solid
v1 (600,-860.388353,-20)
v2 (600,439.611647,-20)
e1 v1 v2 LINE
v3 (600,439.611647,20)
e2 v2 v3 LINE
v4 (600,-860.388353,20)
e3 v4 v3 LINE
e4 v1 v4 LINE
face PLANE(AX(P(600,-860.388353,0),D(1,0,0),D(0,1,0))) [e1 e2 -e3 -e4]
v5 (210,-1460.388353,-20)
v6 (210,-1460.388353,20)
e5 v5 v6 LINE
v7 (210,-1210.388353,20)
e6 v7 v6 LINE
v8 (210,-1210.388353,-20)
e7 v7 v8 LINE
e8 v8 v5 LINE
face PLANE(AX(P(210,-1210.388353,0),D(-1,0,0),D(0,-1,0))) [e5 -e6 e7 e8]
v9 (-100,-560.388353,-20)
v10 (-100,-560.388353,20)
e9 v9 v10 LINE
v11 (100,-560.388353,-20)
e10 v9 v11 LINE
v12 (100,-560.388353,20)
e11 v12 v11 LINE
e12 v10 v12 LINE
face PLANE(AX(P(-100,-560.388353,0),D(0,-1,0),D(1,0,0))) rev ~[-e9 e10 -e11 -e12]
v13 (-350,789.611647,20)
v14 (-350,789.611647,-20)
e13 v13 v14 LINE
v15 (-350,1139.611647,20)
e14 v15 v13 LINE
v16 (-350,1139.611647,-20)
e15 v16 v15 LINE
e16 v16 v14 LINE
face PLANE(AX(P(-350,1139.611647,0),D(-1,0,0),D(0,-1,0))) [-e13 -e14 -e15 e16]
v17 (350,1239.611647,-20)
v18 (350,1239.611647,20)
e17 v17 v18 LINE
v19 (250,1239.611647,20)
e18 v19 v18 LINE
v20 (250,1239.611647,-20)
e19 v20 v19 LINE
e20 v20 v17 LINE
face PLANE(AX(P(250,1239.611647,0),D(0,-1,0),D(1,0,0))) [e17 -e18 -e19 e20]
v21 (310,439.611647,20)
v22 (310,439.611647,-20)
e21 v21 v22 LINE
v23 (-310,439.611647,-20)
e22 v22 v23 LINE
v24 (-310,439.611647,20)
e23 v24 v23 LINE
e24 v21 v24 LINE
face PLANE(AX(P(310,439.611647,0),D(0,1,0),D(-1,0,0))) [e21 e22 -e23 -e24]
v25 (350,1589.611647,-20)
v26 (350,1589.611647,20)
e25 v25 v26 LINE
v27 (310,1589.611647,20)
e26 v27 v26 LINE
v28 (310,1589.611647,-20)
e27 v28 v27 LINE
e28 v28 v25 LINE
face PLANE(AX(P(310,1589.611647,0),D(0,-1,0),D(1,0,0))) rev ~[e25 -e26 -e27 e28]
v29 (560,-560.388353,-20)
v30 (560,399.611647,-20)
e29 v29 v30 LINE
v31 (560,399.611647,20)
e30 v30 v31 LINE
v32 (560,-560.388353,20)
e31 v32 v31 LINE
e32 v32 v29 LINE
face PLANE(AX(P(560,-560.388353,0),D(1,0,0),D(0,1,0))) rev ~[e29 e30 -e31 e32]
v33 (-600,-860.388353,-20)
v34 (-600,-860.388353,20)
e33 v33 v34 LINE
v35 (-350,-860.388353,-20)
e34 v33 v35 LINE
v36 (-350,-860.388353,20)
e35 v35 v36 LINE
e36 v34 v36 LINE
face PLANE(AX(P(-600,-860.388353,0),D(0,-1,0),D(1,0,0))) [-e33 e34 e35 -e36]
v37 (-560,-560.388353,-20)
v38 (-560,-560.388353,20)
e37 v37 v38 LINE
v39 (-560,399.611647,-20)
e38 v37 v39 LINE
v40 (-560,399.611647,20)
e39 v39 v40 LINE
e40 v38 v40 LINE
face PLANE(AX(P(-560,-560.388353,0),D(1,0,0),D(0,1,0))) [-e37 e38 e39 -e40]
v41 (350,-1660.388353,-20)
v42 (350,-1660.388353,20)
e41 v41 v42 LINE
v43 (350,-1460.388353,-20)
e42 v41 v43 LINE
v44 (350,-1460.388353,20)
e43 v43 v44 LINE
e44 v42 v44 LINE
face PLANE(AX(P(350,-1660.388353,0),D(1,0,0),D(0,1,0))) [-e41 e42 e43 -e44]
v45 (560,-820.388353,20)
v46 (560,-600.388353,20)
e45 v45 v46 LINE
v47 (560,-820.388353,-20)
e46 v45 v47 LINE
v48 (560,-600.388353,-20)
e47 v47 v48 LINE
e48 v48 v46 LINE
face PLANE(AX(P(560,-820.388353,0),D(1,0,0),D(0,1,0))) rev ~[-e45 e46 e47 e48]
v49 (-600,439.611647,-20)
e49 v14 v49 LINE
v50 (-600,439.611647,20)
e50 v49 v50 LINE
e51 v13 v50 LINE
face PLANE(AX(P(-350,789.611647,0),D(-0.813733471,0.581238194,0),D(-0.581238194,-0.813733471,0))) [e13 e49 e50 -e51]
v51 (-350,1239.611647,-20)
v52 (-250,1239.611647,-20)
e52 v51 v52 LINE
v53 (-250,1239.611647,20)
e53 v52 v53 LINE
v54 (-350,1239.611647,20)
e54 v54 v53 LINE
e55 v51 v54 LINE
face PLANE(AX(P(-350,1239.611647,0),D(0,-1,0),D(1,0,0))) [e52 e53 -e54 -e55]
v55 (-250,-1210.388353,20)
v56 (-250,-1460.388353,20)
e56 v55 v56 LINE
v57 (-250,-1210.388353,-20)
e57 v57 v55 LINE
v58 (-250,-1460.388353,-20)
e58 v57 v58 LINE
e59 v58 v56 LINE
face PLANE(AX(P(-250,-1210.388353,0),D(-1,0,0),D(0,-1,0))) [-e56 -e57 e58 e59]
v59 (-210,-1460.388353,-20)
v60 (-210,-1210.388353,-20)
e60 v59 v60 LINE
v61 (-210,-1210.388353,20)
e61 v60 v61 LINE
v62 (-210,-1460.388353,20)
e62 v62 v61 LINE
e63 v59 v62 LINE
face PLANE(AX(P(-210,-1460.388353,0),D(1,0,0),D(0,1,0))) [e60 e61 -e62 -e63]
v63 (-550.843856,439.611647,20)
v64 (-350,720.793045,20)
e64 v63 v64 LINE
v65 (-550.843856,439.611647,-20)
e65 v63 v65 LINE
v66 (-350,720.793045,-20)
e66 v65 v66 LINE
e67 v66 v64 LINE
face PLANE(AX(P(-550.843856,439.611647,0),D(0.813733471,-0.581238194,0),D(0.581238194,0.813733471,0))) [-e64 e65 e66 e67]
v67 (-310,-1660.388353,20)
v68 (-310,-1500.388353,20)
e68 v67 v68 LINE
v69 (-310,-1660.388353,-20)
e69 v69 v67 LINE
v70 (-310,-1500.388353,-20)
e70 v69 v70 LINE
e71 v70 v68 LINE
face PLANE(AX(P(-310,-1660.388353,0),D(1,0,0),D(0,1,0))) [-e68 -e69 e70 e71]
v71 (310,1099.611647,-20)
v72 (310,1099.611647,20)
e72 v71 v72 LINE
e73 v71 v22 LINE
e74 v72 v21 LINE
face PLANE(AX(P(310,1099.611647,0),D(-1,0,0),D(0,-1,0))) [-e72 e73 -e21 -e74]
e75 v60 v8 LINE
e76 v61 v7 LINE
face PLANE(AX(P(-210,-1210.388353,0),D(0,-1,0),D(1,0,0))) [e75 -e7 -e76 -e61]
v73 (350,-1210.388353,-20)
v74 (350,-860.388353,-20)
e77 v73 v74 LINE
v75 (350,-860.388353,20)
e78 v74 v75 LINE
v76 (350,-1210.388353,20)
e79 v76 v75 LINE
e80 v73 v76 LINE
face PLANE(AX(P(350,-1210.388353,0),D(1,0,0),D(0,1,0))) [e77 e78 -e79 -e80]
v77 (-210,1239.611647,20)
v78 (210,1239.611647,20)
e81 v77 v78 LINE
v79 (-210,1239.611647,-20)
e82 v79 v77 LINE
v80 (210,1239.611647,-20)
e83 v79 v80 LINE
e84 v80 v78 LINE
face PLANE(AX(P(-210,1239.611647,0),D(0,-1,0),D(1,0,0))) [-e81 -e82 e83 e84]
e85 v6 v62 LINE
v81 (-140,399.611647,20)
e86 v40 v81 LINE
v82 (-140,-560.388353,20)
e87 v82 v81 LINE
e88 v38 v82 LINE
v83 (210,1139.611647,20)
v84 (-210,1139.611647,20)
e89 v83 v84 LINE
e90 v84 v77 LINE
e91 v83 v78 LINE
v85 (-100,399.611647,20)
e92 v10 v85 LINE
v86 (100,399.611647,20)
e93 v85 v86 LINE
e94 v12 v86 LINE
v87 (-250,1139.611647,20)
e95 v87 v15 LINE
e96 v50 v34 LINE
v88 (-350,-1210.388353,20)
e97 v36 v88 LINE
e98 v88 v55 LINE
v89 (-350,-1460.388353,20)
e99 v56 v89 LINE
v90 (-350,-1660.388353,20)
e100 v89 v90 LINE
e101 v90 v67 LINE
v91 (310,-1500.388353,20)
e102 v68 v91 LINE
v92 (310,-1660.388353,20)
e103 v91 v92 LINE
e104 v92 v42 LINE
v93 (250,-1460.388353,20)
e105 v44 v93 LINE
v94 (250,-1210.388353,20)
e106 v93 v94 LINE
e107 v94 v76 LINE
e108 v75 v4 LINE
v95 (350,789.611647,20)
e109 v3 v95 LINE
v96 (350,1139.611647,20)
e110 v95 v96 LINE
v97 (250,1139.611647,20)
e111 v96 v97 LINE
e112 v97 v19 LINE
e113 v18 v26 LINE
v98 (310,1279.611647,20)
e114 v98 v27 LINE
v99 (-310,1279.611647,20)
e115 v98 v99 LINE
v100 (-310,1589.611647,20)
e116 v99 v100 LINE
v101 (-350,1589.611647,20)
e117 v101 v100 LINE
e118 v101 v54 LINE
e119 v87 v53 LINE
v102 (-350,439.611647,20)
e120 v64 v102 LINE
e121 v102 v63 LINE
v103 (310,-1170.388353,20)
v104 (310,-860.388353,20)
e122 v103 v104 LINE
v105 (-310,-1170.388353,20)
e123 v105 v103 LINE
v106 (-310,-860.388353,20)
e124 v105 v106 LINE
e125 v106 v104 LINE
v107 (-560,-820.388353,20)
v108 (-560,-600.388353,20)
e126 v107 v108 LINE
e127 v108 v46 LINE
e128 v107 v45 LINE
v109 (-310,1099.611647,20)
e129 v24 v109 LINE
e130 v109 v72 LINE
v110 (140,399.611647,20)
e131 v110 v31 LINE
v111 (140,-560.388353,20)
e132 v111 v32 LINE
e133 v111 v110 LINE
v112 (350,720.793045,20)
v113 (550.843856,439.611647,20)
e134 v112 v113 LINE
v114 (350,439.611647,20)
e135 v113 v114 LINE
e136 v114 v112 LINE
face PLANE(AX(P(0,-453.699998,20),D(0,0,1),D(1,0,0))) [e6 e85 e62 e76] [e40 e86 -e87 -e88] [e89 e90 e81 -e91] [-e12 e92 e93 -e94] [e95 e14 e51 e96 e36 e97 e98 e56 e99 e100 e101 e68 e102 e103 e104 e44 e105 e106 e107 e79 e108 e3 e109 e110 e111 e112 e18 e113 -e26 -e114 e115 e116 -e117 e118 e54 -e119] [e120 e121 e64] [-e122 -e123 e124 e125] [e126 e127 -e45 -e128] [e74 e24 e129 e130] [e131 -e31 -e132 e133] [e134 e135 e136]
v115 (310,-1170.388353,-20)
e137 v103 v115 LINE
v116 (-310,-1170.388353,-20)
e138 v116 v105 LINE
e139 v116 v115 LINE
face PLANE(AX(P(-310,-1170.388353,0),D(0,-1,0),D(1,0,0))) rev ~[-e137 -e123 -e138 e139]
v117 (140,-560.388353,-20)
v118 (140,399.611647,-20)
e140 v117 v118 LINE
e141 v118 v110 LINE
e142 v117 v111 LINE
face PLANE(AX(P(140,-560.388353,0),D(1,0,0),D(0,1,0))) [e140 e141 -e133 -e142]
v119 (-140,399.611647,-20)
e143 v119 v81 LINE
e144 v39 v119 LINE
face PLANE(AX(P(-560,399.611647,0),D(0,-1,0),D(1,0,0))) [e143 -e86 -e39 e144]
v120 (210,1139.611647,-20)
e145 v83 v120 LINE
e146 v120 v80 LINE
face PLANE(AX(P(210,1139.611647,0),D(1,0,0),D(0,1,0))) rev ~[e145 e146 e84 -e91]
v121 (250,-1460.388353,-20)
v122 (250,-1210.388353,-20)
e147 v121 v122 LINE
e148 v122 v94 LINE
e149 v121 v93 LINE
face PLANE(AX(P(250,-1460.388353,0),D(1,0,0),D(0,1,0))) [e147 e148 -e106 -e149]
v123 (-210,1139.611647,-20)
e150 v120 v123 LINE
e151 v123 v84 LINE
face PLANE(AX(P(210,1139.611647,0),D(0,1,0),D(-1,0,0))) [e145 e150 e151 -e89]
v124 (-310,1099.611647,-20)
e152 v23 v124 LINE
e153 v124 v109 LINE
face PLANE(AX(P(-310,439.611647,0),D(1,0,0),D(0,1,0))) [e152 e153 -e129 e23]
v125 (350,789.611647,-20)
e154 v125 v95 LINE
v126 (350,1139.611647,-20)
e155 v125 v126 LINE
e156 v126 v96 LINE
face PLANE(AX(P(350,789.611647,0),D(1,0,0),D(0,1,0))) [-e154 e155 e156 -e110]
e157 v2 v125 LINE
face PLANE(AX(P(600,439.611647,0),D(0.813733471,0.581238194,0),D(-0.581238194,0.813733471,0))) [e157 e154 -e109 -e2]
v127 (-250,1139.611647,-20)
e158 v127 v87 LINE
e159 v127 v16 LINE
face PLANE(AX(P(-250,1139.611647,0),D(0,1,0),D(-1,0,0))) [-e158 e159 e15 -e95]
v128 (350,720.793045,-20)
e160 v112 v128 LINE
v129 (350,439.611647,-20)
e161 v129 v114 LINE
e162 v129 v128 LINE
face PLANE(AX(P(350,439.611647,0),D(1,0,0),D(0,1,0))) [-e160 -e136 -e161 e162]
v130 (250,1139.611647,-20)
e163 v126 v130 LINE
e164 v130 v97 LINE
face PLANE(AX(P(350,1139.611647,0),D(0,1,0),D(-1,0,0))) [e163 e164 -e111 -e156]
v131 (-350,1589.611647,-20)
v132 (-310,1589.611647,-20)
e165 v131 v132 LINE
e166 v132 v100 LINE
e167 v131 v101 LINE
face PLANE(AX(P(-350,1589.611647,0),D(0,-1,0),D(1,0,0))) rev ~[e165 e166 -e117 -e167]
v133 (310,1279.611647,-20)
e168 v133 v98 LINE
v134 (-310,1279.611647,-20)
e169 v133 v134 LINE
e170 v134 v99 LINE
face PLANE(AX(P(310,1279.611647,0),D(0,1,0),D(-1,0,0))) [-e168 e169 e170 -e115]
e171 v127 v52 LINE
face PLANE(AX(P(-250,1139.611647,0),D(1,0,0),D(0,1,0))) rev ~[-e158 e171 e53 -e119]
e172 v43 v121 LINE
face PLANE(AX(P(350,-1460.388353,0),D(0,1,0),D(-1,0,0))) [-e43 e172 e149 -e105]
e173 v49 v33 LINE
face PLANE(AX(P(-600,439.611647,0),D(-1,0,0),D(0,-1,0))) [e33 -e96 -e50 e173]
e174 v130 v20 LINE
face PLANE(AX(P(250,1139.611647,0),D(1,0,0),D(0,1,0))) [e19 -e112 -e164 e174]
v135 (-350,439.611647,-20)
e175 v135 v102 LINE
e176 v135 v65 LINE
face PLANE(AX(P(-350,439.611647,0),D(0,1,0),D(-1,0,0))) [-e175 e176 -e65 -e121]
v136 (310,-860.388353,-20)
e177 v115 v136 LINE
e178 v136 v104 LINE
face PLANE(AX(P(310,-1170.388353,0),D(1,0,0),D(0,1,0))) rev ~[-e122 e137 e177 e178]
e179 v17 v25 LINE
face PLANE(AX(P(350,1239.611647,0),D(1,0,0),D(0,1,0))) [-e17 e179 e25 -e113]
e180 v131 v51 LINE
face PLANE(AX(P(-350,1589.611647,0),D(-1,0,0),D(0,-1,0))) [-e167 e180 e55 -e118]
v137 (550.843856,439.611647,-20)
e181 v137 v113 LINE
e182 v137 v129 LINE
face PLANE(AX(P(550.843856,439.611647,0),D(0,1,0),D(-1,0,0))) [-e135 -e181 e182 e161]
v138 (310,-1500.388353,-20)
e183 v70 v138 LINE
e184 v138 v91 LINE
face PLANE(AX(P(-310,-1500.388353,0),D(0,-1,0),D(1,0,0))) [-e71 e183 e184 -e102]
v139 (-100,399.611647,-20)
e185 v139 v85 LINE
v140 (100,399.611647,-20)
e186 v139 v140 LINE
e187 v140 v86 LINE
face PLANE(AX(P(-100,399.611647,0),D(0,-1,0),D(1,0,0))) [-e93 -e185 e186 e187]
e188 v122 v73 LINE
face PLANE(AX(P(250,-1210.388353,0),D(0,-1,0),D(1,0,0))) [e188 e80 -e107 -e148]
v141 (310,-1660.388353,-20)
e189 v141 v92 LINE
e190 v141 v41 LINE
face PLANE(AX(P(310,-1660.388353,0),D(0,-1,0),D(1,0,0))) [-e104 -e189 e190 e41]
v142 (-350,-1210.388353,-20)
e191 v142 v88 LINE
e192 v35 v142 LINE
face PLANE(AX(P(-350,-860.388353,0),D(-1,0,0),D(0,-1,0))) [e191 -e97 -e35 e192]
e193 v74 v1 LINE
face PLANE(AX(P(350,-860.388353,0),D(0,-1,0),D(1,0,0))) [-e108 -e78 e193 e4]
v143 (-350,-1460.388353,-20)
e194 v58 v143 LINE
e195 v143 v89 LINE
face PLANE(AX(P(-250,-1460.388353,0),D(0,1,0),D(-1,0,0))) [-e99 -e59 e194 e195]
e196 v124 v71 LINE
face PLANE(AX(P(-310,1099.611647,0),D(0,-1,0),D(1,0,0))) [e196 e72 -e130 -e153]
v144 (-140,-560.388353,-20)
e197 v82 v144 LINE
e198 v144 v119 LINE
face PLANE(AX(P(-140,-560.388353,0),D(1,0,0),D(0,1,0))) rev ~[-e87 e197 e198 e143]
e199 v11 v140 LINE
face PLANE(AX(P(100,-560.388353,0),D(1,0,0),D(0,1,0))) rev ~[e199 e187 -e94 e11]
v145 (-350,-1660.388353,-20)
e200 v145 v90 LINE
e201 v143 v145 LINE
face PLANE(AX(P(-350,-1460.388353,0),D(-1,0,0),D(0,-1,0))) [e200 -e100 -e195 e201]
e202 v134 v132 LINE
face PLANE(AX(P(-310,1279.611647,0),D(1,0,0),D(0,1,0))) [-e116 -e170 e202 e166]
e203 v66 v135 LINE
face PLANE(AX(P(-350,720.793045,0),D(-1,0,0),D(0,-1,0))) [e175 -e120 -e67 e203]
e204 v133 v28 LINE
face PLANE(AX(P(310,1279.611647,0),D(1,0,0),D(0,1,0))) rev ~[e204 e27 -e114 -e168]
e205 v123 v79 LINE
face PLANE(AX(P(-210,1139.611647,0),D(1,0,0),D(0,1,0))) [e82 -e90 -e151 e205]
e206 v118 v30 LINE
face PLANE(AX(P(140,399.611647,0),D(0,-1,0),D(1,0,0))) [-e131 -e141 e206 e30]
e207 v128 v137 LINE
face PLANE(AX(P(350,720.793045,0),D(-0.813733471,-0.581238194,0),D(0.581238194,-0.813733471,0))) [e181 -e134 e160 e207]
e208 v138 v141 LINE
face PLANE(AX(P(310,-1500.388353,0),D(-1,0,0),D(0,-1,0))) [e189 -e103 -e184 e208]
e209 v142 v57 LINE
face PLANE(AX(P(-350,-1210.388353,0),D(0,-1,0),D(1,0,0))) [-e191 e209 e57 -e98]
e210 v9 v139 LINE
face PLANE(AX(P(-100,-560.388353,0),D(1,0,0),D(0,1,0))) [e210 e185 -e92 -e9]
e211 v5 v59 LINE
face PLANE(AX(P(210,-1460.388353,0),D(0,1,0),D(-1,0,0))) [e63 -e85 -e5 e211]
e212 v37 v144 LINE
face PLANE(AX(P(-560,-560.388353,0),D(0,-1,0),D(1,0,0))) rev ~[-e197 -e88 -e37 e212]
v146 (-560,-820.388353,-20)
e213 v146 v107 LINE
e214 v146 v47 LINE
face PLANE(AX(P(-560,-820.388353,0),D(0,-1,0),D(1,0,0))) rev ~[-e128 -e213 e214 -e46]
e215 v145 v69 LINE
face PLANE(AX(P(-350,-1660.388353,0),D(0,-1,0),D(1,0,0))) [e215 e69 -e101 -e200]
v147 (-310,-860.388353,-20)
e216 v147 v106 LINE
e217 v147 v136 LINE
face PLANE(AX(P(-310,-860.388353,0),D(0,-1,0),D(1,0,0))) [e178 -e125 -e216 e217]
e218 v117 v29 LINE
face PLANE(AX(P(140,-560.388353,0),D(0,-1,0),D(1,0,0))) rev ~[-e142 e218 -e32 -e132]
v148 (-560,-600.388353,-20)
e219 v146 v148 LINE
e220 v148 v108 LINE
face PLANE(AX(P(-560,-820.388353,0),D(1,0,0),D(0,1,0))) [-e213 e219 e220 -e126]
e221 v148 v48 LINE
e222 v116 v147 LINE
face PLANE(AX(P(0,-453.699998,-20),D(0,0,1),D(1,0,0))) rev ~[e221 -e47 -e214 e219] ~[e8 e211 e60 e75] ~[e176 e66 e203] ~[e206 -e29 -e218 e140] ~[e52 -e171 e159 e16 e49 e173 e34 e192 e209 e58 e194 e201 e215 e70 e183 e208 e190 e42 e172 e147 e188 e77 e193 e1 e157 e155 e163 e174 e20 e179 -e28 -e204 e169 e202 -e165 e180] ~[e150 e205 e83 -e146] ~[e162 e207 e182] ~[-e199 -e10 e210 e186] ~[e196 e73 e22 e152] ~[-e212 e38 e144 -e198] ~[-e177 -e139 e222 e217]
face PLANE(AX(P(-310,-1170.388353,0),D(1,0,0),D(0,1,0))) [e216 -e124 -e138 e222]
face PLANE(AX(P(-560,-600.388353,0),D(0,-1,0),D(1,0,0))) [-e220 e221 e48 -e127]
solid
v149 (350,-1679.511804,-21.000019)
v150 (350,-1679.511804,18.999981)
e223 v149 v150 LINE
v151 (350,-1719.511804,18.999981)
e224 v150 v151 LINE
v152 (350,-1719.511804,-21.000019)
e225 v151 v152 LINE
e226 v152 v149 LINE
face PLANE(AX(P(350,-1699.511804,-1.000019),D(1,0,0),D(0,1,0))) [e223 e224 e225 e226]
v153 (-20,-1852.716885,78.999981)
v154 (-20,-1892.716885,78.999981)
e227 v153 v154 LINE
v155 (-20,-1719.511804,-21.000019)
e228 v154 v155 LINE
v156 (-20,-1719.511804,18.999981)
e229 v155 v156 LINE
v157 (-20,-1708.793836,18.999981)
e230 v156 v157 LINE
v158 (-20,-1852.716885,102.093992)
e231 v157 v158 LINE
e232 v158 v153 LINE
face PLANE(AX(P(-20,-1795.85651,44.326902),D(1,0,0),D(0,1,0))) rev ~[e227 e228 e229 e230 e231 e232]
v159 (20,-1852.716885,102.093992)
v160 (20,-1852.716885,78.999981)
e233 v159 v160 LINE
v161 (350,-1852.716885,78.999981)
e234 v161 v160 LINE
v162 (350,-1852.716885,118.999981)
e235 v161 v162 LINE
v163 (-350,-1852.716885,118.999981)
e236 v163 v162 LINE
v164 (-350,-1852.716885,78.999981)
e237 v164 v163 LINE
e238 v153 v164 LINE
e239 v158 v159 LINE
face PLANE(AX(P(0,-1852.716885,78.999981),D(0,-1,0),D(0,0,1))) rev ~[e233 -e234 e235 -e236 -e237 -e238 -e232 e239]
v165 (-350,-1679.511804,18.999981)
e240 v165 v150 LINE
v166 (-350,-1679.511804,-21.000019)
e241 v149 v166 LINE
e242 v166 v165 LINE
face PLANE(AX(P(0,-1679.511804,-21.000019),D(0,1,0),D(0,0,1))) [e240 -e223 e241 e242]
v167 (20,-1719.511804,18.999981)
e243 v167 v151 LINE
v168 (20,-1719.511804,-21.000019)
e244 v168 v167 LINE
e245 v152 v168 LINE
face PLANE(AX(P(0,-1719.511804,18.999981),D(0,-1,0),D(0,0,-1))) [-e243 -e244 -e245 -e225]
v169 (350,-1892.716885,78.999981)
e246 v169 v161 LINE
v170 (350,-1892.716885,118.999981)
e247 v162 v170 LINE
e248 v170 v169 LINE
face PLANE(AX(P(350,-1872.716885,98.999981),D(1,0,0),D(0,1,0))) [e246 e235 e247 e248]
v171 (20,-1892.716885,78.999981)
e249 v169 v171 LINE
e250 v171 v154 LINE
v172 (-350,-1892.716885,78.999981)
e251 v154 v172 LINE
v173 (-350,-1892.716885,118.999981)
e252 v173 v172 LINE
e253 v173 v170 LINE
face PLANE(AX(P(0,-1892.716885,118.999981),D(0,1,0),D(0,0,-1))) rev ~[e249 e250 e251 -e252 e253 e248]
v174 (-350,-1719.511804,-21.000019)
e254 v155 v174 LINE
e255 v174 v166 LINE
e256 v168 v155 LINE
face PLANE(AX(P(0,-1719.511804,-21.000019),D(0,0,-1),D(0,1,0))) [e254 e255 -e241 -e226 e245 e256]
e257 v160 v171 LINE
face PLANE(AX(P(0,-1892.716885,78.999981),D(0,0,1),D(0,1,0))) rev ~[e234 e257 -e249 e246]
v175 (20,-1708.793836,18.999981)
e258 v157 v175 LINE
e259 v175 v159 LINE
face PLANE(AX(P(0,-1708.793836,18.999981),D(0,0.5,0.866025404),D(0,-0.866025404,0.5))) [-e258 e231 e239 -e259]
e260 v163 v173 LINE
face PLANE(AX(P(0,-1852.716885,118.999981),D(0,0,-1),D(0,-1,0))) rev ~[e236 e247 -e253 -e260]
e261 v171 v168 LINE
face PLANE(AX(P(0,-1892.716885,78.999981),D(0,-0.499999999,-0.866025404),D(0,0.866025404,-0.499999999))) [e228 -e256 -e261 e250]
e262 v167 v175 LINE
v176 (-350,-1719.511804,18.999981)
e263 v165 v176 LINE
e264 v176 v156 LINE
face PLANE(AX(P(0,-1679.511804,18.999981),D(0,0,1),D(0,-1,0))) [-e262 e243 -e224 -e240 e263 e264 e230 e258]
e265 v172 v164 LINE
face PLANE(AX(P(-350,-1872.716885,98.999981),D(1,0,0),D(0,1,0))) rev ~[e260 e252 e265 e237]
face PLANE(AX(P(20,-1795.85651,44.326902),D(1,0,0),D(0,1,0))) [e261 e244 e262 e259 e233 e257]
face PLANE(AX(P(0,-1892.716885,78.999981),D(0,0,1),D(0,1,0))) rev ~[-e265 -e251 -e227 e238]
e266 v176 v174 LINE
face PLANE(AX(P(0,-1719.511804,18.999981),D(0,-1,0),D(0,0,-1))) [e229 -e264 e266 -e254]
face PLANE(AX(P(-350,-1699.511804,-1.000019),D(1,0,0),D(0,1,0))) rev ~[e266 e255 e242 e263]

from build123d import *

# Parameters (mm, degrees)
F0_W     = 420
F0_H     = 960
F0_W_2   = 620
F0_H_2   = 310
F0_W_3   = 1120
F0_H_3   = 220
F0_W_4   = 200
F0_W_5   = 40
F0_H_4   = 100
F0_H_5   = 40
F1_DEPTH = 20
F3_DEPTH = 20
F4_DEPTH = 350


with BuildPart() as f1:
    # F0 (on Top) → F1 (new body, symmetric)
    with BuildSketch(Plane.XY):
        Polygon((0, 439.611647), (-100, 439.611647), (-310, 439.611647), (-310, 789.611647), (-350, 789.611647), (-600, 439.611647), (-600, -560.388353), (-600, -860.388353), (-350, -860.388353), (-350, -1210.388353), (-310, -1210.388353), (-250, -1210.388353), (-250, -1460.388353), (-310, -1460.388353), (-350, -1460.388353), (-350, -1660.388353), (-310, -1660.388353), (-310, -1500.388353), (310, -1500.388353), (310, -1660.388353), (350, -1660.388353), (350, -1460.388353), (310, -1460.388353), (250, -1460.388353), (250, -1210.388353), (310, -1210.388353), (350, -1210.388353), (350, -860.388353), (600, -860.388353), (600, -560.388353), (600, 439.611647), (350, 789.611647), (310, 789.611647), (310, 439.611647), (100, 439.611647), align=None)
        with Locations((-350, -80.388353)):
            Rectangle(F0_W, F0_H, mode=Mode.SUBTRACT)
        Polygon((210, -1460.388353), (0, -1460.388353), (-210, -1460.388353), (-210, -1210.388353), (0, -1210.388353), (210, -1210.388353), align=None, mode=Mode.SUBTRACT)
        with Locations((0, -1015.388353)):
            Rectangle(F0_W_2, F0_H_2, mode=Mode.SUBTRACT)
        with Locations((0, -710.388353)):
            Rectangle(F0_W_3, F0_H_3, mode=Mode.SUBTRACT)
        with Locations((0, -80.388353)):
            Rectangle(F0_W_4, F0_H, mode=Mode.SUBTRACT)
        with Locations((350, -80.388353)):
            Rectangle(F0_W, F0_H, mode=Mode.SUBTRACT)
        Polygon((-350, 720.793045), (-350, 439.611647), (-550.843856, 439.611647), align=None, mode=Mode.SUBTRACT)
        Polygon((550.843856, 439.611647), (350, 439.611647), (350, 720.793045), align=None, mode=Mode.SUBTRACT)
        Polygon((-350, 789.611647), (-310, 789.611647), (-310, 1099.611647), (0, 1099.611647), (310, 1099.611647), (310, 789.611647), (350, 789.611647), (350, 1139.611647), (250, 1139.611647), (210, 1139.611647), (0, 1139.611647), (-210, 1139.611647), (-250, 1139.611647), (-350, 1139.611647), align=None)
        with Locations((-230, 1189.611647)):
            Rectangle(F0_W_5, F0_H_4)
        Polygon((-310, 1239.611647), (-250, 1239.611647), (-210, 1239.611647), (0, 1239.611647), (210, 1239.611647), (250, 1239.611647), (310, 1239.611647), (310, 1279.611647), (0, 1279.611647), (-310, 1279.611647), align=None)
        with Locations((230, 1189.611647)):
            Rectangle(F0_W_5, F0_H_4)
        with Locations((-330, 1259.611647)):
            Rectangle(F0_W_5, F0_H_5)
        with Locations((-330, 1434.611647)):
            Rectangle(F0_W_5, F0_H_2)
        with Locations((330, 1259.611647)):
            Rectangle(F0_W_5, F0_H_5)
        with Locations((330, 1434.611647)):
            Rectangle(F0_W_5, F0_H_2)
    extrude(amount=F1_DEPTH, both=True)


with BuildPart() as f3:
    # F2 (on Right) → F3 (new body, symmetric)
    with BuildSketch(Plane.YZ):
        Polygon((-1719.511804, 18.999981), (-1708.793836, 18.999981), (-1852.716885, 102.093992), (-1852.716885, 78.999981), (-1892.716885, 78.999981), (-1719.511804, -21.000019), align=None)
    extrude(amount=F3_DEPTH, both=True)

    # F2 (on Right) → F4 (join, symmetric)
    with BuildSketch(Plane.YZ):
        Polygon((-1852.716885, 78.999981), (-1852.716885, 102.093992), (-1852.716885, 118.999981), (-1892.716885, 118.999981), (-1892.716885, 78.999981), align=None)
        Polygon((-1679.511804, -21.000019), (-1679.511804, 18.999981), (-1708.793836, 18.999981), (-1719.511804, 18.999981), (-1719.511804, -21.000019), align=None)
    extrude(amount=F4_DEPTH, both=True)


solid = Compound([f1.part, f3.part])
